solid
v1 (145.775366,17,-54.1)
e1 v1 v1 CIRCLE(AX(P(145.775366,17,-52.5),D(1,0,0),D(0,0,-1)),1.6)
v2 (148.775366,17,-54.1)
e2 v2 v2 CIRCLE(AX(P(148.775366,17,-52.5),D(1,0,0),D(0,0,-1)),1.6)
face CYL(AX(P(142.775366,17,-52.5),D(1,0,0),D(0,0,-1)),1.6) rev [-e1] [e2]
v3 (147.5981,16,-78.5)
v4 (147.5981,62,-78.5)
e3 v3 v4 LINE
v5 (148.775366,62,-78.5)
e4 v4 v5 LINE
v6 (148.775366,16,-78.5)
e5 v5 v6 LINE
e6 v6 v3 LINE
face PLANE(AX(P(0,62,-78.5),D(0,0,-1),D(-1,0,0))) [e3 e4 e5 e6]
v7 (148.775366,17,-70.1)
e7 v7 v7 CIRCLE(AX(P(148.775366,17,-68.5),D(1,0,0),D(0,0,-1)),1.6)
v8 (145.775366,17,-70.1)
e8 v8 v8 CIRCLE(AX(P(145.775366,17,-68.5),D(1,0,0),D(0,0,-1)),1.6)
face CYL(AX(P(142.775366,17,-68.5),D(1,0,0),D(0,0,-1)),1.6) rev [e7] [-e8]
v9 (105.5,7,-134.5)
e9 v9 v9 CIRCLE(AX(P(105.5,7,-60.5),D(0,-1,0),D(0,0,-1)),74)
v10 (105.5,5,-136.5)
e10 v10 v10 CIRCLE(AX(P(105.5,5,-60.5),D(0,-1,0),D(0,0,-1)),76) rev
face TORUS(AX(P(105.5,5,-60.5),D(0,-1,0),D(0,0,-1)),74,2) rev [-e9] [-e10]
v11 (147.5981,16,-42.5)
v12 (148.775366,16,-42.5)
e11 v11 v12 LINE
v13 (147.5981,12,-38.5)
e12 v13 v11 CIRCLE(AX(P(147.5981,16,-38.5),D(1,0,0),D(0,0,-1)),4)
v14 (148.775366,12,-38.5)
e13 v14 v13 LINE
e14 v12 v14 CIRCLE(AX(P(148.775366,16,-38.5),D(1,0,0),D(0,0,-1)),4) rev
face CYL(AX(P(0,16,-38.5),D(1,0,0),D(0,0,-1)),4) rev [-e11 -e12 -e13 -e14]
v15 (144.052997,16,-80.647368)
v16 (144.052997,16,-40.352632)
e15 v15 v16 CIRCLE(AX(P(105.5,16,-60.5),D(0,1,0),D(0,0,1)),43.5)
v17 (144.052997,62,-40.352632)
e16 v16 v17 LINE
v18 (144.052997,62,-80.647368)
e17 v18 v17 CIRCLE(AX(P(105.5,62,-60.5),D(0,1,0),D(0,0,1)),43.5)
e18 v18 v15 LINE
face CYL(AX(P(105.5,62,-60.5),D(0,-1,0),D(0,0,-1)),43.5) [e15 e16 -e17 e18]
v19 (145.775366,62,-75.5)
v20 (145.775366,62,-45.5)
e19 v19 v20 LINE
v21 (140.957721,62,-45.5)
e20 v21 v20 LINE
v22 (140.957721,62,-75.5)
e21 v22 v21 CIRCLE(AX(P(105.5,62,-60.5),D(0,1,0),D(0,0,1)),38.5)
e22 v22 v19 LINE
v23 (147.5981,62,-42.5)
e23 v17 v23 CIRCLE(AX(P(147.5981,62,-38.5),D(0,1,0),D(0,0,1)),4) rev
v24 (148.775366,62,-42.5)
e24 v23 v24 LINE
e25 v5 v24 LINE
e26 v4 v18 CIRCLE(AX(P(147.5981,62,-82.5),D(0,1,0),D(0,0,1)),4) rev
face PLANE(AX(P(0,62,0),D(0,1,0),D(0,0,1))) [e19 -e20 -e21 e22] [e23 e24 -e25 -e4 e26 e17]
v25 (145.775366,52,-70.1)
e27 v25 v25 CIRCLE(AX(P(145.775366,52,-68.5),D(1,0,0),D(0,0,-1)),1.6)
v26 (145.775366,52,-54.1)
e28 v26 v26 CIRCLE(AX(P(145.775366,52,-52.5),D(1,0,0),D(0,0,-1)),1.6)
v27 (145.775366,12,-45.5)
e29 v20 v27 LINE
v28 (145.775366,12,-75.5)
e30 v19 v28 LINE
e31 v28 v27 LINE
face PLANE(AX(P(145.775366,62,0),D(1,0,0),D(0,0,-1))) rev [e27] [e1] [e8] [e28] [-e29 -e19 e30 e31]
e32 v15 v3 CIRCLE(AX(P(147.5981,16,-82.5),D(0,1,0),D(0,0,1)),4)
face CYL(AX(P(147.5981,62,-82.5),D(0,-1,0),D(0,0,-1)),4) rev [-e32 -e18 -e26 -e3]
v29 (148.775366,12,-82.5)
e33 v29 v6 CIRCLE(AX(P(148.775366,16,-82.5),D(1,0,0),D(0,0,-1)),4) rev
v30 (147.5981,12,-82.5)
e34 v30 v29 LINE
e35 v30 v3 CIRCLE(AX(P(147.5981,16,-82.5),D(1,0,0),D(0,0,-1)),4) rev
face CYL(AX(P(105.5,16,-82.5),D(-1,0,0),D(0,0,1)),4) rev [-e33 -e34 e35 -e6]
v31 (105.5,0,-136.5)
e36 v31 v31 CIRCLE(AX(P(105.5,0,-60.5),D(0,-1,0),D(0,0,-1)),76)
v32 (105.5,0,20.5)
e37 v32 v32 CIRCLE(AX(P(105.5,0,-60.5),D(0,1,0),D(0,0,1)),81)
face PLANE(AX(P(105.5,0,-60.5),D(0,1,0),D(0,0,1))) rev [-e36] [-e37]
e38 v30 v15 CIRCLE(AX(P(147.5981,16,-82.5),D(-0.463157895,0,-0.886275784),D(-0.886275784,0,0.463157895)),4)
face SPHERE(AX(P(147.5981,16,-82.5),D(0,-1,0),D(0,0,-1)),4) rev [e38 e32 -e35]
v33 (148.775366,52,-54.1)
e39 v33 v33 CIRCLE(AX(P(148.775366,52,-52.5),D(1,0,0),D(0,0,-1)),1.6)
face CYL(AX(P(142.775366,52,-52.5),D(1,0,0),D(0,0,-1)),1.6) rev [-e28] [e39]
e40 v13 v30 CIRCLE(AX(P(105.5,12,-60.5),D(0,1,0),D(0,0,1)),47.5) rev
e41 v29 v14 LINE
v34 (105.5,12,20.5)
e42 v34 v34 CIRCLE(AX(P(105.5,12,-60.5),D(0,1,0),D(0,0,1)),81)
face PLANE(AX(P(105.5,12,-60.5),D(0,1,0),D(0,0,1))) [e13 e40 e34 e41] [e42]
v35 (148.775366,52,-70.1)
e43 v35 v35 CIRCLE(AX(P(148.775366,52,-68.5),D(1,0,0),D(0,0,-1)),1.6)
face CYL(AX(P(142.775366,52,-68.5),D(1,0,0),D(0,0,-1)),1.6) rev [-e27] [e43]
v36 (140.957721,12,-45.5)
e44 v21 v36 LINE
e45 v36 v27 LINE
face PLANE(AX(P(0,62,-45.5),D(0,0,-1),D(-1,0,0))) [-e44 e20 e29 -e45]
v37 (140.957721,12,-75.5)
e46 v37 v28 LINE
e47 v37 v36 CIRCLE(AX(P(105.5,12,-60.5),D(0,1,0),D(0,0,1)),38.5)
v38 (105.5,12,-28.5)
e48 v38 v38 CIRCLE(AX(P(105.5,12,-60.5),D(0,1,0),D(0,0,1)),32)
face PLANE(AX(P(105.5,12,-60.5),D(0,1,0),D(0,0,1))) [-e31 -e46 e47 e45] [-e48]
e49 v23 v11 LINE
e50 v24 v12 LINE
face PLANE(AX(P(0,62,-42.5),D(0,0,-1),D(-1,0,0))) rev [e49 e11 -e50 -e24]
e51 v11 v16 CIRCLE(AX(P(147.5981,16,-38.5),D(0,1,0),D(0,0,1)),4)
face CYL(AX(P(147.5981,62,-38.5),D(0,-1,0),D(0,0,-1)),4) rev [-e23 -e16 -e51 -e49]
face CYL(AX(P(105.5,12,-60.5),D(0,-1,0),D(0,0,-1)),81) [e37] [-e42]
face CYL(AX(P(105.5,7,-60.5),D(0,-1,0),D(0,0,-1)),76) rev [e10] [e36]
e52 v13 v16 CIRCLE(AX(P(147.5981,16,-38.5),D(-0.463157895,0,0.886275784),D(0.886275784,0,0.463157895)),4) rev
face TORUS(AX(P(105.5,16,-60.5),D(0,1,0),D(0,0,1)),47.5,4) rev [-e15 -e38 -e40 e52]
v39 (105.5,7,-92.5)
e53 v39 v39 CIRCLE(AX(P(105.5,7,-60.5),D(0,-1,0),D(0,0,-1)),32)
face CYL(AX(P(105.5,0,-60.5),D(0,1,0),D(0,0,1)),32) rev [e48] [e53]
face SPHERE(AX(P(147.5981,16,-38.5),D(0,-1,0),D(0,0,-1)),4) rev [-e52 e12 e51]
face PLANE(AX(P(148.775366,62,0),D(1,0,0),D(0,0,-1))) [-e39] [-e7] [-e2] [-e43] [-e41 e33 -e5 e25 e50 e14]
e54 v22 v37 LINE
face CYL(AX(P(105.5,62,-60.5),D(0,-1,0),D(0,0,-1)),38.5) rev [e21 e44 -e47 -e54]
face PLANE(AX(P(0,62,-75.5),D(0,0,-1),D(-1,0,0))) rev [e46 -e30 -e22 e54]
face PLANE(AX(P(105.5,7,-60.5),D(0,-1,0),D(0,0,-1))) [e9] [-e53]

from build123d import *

# Parameters (mm, degrees)
SKETCH1_R           = 81
BOSS_EXTRUDE1_DEPTH = 12
SKETCH2_R           = 76
CUT_EXTRUDE1_DEPTH  = 7
SKETCH3_R           = 32
CUT_EXTRUDE2_DEPTH  = 235.410963907
BOSS_EXTRUDE2_DEPTH = 50
SKETCH5_R           = 1.6
CUT_EXTRUDE3_DEPTH  = 6
FILLET1_R           = 4
FILLET2_R           = 2


with BuildPart() as part:
    # Sketch1 → Boss-Extrude1 (new body)
    with BuildSketch(Plane(origin=(0, 0, 0), x_dir=(1, 0, 0), z_dir=(0, 1, 0))):
        with Locations(Location((105.5, 60.5, 0), (0, 0, 270))):
            Circle(SKETCH1_R)
    extrude(amount=BOSS_EXTRUDE1_DEPTH)

    # Sketch2 → Cut-Extrude1 (cut)
    with BuildSketch(Plane.XZ):
        with Locations(Location((105.5, -60.5, 0), (0, 0, 270))):
            Circle(SKETCH2_R)
    extrude(amount=-CUT_EXTRUDE1_DEPTH, mode=Mode.SUBTRACT)

    # Sketch3 → Cut-Extrude2 (cut, through all)
    with BuildSketch(Plane(origin=(0, 12, 0), x_dir=(1, 0, 0), z_dir=(0, 1, 0))):
        with Locations(Location((105.5, 60.5, 0), (0, 0, 270))):
            Circle(SKETCH3_R)
    extrude(amount=-CUT_EXTRUDE2_DEPTH, mode=Mode.SUBTRACT)

    # Sketch4 → Boss-Extrude2 (add)
    with BuildSketch(Plane(origin=(0, 12, 0), x_dir=(1, 0, 0), z_dir=(0, 1, 0))):
        with BuildLine():
            ThreePointArc((140.957721303, 45.5), (67, 60.5), (140.957721303, 75.5))
            Line((140.957721303, 75.5), (145.775366264, 75.5))
            Line((145.775366264, 75.5), (146.331972766, 75.5))
            ThreePointArc((146.331972766, 75.5), (145.74451839, 77.011472968), (145.101136347, 78.5))
            ThreePointArc((145.101136347, 78.5), (62, 60.5), (145.101136347, 42.5))
            ThreePointArc((145.101136347, 42.5), (145.74451839, 43.988527032), (146.331972766, 45.5))
            Line((146.331972766, 45.5), (145.775366264, 45.5))
            Line((145.775366264, 45.5), (140.957721303, 45.5))
        make_face()
        with BuildLine():
            Line((146.331972766, 75.5), (145.775366264, 75.5))
            Line((145.775366264, 75.5), (145.775366264, 45.5))
            Line((145.775366264, 45.5), (146.331972766, 45.5))
            ThreePointArc((146.331972766, 45.5), (147.885391427, 50.715900981), (148.775366264, 56.084949069))
            Line((148.775366264, 56.084949069), (148.775366264, 64.915050931))
            ThreePointArc((148.775366264, 64.915050931), (147.885391427, 70.284099019), (146.331972766, 75.5))
        make_face()
        with BuildLine():
            ThreePointArc((145.101136347, 78.5), (145.74451839, 77.011472968), (146.331972766, 75.5))
            Line((146.331972766, 75.5), (148.775366264, 75.5))
            Line((148.775366264, 75.5), (148.775366264, 78.5))
            Line((148.775366264, 78.5), (145.101136347, 78.5))
        make_face()
        with BuildLine():
            Line((148.775366264, 75.5), (146.331972766, 75.5))
            ThreePointArc((146.331972766, 75.5), (147.885391427, 70.284099019), (148.775366264, 64.915050931))
            Line((148.775366264, 64.915050931), (148.775366264, 75.5))
        make_face()
        with BuildLine():
            ThreePointArc((148.775366264, 56.084949069), (147.885391427, 50.715900981), (146.331972766, 45.5))
            Line((146.331972766, 45.5), (148.775366264, 45.5))
            Line((148.775366264, 45.5), (148.775366264, 56.084949069))
        make_face()
        with BuildLine():
            Line((148.775366264, 45.5), (146.331972766, 45.5))
            ThreePointArc((146.331972766, 45.5), (145.74451839, 43.988527032), (145.101136347, 42.5))
            Line((145.101136347, 42.5), (148.775366264, 42.5))
            Line((148.775366264, 42.5), (148.775366264, 45.5))
        make_face()
    extrude(amount=BOSS_EXTRUDE2_DEPTH)

    # Sketch5 → Cut-Extrude3 (cut)
    with BuildSketch(Plane(origin=(148.775366264, 0, 0), x_dir=(0, 0, -1), z_dir=(1, 0, 0))):
        with Locations((52.5, 52)):
            Circle(SKETCH5_R)
        with Locations((68.5, 52)):
            Circle(SKETCH5_R)
        with Locations((68.5, 17)):
            Circle(SKETCH5_R)
        with Locations((52.5, 17)):
            Circle(SKETCH5_R)
    extrude(amount=-CUT_EXTRUDE3_DEPTH, mode=Mode.SUBTRACT)

    # Fillet1
    fillet1_edges = [part.edges().sort_by_distance(p)[0] for p in [
        (146.938251306, 12, -42.5),
        (145.101136347, 37, -42.5),
        (62, 12, -60.5),
        (145.101136347, 37, -78.5),
        (146.938251306, 12, -78.5),
    ]]
    fillet(fillet1_edges, radius=FILLET1_R)

    # Fillet2
    fillet2_edges = [part.edges().sort_by_distance(p)[0] for p in [
        (105.5, 7, 15.5),
    ]]
    fillet(fillet2_edges, radius=FILLET2_R)


solid = part.part
